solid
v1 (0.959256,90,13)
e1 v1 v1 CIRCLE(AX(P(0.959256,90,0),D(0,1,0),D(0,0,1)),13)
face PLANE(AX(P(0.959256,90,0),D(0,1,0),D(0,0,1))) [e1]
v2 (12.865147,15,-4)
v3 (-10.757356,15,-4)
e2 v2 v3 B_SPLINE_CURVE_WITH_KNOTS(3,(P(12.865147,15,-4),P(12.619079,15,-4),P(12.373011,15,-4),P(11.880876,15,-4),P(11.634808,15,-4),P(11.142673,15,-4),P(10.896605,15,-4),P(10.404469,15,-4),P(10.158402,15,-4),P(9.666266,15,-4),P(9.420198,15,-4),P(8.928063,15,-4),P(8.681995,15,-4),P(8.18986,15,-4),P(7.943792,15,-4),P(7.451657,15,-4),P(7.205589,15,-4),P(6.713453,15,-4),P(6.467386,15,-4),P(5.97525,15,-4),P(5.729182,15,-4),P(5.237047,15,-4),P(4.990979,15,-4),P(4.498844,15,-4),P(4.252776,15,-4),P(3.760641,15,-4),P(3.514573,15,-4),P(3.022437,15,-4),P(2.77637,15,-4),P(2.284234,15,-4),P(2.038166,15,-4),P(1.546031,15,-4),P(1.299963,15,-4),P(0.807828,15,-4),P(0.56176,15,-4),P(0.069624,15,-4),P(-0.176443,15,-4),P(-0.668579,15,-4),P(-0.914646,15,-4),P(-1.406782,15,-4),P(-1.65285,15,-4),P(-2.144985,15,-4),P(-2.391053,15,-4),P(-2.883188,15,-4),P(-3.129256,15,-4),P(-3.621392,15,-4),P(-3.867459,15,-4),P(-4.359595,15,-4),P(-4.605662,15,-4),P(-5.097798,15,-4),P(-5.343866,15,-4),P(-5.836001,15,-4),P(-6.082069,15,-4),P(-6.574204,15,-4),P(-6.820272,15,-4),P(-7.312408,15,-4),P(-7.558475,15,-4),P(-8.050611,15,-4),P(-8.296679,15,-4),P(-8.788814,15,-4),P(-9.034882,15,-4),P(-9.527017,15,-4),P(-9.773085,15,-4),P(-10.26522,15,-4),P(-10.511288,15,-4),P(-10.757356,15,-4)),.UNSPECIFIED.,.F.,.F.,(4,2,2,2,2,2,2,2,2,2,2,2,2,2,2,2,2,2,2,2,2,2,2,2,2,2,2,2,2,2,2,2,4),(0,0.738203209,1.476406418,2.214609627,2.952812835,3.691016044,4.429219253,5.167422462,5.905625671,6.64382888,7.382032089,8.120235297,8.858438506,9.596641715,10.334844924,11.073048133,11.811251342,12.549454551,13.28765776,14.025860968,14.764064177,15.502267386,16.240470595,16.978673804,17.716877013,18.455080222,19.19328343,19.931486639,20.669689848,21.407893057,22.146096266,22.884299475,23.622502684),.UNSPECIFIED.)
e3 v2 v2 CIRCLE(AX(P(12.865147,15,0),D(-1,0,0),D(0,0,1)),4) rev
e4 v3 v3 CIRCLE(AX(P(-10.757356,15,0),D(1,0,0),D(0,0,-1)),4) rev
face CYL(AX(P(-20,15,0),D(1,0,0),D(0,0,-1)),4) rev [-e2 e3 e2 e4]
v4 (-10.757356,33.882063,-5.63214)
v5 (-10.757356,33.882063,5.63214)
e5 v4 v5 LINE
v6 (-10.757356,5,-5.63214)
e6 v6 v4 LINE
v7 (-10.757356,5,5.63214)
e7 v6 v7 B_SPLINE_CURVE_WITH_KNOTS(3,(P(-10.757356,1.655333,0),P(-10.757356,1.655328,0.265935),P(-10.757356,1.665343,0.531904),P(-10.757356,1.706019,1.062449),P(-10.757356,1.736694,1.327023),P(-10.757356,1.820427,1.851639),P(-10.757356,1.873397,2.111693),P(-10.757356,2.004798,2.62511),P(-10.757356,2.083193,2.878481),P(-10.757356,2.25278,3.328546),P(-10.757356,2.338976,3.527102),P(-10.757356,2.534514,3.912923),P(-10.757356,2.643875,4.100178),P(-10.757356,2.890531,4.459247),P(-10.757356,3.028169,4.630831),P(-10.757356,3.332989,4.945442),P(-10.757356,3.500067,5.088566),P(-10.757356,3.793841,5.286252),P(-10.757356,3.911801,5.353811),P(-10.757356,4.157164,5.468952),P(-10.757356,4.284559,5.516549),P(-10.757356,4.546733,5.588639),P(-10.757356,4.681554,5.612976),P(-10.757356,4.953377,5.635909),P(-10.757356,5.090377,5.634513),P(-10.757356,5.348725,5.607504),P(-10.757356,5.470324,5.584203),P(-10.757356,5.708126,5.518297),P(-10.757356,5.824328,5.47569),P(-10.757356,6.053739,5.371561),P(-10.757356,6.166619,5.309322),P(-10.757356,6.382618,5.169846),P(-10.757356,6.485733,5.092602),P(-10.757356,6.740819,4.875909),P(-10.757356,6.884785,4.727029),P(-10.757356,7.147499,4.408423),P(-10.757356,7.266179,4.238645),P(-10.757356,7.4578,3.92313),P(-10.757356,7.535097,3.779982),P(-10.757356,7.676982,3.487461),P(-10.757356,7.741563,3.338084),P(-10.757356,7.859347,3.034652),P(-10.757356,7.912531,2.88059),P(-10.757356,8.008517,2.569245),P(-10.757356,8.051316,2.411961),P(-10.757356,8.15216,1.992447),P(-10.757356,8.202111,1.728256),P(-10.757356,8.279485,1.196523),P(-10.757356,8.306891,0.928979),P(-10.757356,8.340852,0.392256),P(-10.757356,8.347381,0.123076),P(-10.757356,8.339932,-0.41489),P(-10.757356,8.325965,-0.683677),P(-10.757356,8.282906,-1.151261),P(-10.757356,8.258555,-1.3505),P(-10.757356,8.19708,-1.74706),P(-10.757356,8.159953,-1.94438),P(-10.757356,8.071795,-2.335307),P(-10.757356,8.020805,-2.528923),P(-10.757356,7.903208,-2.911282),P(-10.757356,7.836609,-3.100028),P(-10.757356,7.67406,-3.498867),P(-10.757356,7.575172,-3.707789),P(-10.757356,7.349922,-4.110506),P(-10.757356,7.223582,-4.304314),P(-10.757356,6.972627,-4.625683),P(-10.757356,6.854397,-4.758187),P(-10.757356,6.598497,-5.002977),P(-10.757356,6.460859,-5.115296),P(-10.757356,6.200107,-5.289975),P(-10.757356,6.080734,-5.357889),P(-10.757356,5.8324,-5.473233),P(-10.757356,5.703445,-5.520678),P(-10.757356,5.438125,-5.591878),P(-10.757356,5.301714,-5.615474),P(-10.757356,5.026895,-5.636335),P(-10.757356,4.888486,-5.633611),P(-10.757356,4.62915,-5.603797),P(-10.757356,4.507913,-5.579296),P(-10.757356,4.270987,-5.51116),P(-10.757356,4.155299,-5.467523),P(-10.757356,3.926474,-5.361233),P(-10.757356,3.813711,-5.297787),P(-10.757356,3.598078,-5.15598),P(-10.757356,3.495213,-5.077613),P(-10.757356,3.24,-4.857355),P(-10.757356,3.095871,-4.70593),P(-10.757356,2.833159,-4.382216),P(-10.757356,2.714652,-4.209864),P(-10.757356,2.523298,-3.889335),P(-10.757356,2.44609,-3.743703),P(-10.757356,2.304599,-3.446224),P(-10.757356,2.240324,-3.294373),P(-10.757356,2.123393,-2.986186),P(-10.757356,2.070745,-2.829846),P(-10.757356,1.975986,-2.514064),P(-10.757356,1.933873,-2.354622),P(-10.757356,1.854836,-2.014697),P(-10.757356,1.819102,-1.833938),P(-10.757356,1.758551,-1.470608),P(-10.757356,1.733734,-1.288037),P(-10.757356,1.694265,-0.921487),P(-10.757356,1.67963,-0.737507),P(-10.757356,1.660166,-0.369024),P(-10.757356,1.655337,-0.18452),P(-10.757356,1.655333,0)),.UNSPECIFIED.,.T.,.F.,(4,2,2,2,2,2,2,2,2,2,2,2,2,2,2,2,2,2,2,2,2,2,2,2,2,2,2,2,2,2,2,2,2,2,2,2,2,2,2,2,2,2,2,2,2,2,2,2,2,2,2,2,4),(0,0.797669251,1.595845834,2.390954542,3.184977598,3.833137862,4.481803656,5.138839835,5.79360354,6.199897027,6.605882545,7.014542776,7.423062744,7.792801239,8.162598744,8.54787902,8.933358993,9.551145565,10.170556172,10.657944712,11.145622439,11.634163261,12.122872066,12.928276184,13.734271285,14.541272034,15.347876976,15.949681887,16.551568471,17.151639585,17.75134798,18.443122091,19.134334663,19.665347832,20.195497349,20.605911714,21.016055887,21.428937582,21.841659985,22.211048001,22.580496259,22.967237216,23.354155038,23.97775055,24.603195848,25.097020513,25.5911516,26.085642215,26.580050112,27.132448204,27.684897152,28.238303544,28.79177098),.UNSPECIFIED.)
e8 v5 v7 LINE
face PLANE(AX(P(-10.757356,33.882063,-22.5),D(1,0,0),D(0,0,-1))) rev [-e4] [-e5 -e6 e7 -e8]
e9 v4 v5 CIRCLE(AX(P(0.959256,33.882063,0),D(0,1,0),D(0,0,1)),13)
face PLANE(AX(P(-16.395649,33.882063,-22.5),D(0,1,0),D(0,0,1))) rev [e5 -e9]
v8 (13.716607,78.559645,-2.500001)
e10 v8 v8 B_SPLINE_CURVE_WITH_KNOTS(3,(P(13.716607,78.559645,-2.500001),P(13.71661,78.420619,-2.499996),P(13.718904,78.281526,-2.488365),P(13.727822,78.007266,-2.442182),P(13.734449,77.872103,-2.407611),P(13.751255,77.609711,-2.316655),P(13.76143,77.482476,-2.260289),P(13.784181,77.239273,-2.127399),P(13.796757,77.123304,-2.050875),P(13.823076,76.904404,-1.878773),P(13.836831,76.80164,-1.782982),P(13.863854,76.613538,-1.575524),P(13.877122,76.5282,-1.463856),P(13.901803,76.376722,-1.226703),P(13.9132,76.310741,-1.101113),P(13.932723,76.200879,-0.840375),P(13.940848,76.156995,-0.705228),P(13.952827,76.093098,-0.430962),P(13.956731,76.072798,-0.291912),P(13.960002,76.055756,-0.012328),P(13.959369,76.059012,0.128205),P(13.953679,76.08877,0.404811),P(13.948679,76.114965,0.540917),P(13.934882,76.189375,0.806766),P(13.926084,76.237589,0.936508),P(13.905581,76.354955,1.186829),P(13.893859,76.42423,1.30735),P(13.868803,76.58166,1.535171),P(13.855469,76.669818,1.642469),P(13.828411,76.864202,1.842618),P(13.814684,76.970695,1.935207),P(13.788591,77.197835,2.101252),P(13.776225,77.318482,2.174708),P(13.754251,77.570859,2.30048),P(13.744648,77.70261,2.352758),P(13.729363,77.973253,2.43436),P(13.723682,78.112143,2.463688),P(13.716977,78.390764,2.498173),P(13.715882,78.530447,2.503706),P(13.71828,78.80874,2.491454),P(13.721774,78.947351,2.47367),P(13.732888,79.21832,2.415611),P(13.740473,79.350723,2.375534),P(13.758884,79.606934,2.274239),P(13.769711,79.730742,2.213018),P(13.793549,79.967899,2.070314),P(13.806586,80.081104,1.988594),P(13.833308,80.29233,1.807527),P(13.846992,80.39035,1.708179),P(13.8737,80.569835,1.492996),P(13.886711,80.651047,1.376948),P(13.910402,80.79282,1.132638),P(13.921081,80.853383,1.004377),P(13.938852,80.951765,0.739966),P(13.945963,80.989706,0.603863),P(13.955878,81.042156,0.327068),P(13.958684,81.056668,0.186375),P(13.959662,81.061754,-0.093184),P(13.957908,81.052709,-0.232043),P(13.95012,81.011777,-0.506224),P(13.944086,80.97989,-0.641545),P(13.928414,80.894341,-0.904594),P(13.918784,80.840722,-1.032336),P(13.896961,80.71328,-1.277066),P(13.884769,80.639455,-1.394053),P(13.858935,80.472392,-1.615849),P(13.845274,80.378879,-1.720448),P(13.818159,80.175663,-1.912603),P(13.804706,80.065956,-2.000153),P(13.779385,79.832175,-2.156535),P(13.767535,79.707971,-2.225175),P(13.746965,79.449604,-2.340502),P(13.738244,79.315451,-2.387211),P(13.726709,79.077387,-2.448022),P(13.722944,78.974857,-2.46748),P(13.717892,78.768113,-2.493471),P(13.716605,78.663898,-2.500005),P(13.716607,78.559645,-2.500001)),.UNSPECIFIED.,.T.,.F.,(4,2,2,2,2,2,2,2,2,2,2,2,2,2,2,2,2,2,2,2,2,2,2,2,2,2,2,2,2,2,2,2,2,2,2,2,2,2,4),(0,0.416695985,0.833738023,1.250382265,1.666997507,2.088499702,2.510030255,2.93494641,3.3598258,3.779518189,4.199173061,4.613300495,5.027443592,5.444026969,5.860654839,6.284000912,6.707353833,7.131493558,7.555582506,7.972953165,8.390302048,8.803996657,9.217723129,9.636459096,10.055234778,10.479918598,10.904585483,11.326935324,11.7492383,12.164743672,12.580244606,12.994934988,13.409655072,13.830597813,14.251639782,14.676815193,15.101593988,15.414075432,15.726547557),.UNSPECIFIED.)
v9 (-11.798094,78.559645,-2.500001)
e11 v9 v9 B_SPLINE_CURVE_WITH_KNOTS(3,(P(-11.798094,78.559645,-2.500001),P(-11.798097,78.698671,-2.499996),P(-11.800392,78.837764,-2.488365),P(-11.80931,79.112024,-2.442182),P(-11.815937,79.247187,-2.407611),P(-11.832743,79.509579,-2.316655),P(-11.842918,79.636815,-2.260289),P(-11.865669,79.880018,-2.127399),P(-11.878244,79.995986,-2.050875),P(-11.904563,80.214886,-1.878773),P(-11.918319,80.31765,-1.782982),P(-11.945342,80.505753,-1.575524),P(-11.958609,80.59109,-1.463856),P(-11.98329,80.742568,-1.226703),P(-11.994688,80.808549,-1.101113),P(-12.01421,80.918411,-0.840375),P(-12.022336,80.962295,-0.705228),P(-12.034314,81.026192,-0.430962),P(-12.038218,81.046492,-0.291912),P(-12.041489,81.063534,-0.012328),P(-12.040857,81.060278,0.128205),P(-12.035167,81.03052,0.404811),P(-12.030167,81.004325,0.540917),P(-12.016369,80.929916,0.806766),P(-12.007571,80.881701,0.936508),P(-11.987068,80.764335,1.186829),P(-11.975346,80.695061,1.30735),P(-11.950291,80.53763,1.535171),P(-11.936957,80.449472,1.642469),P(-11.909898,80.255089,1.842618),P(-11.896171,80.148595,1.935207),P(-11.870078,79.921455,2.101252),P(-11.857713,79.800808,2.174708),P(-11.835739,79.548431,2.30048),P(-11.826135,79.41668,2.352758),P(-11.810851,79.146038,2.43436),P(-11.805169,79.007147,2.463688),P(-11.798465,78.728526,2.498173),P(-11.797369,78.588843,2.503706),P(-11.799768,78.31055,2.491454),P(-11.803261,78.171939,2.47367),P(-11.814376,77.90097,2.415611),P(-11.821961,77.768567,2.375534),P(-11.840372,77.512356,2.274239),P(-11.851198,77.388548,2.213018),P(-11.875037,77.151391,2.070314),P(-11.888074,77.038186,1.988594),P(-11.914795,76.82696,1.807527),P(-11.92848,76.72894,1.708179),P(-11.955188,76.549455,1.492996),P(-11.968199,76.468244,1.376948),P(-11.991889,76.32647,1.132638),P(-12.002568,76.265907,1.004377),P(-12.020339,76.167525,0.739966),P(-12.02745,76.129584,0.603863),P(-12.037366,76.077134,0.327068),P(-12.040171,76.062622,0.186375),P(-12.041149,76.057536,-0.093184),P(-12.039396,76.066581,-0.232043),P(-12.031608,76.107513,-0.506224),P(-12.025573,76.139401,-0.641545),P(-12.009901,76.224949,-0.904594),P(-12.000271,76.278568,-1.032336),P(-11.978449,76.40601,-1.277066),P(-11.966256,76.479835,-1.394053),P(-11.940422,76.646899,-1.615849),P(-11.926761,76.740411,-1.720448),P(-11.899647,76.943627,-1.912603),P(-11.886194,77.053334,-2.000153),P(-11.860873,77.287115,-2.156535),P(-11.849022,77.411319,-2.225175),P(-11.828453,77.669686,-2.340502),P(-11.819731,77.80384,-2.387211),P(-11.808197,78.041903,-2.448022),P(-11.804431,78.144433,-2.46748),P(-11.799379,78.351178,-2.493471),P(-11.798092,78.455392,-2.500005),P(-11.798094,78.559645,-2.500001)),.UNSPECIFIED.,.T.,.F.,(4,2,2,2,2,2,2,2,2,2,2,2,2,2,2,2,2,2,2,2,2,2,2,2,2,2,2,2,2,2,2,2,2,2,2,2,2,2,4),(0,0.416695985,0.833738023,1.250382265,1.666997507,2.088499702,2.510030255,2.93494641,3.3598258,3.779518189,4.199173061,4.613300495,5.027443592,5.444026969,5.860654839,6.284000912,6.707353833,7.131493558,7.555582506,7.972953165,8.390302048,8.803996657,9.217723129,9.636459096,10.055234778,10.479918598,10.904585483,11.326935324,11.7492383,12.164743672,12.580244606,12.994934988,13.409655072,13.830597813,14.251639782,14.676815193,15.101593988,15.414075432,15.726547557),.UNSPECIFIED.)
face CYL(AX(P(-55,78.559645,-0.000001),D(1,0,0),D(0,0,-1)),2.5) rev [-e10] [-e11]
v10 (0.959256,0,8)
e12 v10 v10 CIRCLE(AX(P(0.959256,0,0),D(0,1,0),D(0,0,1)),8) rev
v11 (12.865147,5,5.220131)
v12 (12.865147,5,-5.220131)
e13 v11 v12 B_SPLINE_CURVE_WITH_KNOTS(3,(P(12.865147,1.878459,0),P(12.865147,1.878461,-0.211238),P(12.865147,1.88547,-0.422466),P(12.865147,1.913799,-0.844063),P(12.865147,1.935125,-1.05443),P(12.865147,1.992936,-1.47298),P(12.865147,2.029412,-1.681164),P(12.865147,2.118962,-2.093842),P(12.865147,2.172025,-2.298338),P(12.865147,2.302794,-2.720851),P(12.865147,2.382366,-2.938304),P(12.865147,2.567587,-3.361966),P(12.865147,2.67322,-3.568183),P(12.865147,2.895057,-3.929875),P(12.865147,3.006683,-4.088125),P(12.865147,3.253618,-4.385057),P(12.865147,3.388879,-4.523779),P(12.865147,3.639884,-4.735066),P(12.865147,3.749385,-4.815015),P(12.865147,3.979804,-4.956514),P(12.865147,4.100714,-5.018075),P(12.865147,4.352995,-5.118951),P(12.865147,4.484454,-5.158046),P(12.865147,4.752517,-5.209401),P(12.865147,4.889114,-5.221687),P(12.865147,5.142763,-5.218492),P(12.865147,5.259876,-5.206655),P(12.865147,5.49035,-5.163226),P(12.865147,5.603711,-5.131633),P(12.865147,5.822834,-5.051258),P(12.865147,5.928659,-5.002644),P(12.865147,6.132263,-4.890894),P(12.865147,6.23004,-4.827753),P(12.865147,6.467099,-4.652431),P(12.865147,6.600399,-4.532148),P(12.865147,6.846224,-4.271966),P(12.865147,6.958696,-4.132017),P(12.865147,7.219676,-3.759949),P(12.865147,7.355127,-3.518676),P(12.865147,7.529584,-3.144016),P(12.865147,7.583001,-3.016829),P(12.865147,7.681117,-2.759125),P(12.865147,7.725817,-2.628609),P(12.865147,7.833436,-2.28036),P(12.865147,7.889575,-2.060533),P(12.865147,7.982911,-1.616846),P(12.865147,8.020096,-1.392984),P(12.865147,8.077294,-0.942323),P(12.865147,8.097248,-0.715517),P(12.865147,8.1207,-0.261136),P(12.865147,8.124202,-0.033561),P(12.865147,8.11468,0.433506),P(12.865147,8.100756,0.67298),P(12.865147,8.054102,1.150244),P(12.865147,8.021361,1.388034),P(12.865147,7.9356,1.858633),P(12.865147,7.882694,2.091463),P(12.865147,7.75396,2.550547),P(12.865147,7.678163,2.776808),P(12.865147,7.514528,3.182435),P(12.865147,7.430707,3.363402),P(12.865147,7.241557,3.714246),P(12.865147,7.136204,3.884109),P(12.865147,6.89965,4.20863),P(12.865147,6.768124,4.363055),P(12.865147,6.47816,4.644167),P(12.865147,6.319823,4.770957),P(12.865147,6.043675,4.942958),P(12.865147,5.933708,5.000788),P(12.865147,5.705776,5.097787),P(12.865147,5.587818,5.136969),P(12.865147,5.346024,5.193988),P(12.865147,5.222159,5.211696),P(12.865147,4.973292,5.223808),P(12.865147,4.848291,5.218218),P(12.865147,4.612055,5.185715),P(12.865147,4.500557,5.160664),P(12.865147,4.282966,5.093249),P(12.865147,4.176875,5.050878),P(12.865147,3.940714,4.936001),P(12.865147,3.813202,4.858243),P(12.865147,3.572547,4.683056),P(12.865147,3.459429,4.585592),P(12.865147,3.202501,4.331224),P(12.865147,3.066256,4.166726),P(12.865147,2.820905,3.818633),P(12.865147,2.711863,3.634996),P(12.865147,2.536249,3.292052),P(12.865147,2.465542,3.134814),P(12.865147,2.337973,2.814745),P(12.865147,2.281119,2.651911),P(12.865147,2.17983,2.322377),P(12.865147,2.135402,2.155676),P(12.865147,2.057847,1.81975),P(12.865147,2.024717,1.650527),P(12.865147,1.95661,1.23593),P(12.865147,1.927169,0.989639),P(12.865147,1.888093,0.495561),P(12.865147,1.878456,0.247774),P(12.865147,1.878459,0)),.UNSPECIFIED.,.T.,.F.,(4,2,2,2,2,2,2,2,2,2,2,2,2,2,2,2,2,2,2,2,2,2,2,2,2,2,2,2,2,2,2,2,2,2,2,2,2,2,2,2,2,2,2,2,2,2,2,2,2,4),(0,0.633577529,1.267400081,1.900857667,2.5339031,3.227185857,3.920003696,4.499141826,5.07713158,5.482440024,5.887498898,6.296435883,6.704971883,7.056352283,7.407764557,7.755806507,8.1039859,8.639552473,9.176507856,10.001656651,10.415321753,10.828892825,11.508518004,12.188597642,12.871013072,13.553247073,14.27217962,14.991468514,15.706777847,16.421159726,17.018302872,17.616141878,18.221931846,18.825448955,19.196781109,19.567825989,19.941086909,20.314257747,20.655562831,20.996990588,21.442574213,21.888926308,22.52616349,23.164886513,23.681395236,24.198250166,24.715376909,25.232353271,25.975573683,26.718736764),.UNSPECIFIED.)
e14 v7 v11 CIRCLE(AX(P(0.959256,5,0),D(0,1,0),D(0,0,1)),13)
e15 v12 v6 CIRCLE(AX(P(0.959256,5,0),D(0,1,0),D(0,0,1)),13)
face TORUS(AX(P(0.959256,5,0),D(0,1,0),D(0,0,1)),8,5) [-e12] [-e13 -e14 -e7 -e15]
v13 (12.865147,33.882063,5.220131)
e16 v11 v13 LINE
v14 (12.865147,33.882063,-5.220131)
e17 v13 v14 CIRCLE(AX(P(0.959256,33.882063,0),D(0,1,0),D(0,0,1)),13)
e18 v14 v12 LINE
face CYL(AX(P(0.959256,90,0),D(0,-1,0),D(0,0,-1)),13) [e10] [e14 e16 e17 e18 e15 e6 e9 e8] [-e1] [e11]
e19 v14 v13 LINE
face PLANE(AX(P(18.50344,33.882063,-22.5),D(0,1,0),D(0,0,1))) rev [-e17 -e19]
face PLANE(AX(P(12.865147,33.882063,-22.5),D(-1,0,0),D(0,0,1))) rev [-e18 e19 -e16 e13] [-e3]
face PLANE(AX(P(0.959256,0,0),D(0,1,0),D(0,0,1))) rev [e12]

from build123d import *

# Parameters (mm, degrees)
SKETCH_1_R          = 13
EXTRUDE_1_DEPTH     = 90
FILLET_1_R          = 5
SKETCH_3_R          = 4
CUT_EXTRUDE_2_DEPTH = 20
SKETCH_4_W          = 5.638292822
SKETCH_4_H          = 34.801876381
CUT_EXTRUDE_3_DEPTH = 22.5
SKETCH_5_R          = 2.5
CUT_EXTRUDE_1_DEPTH = 55


with BuildPart() as part:
    # Эскиз1 → Вытянуть1 (new body)
    with BuildSketch(Plane(origin=(0, 0, 0), x_dir=(1, 0, 0), z_dir=(0, 1, 0))):
        with Locations(Location((0.959256222, 0, 0), (0, 0, 90))):
            Circle(SKETCH_1_R)
    extrude(amount=EXTRUDE_1_DEPTH)

    # Скругление1
    fillet_1_edges = [part.edges().sort_by_distance(p)[0] for p in [
        (0.959256222, 0, 13),
    ]]
    fillet(fillet_1_edges, radius=FILLET_1_R)

    # Эскиз3 → Вытянуть2 (cut, symmetric)
    with BuildSketch(Plane(origin=(0, 0, 0), x_dir=(0, 0, -1), z_dir=(1, 0, 0))):
        with Locations((0, 15)):
            Circle(SKETCH_3_R)
    extrude(amount=CUT_EXTRUDE_2_DEPTH, both=True, mode=Mode.SUBTRACT)

    # Эскиз4 → Вытянуть3 (cut, symmetric)
    with BuildSketch(Plane.XY):
        with Locations((-13.576502311, 16.48112444)):
            Rectangle(SKETCH_4_W, SKETCH_4_H)
        with Locations((15.684293194, 16.48112444)):
            Rectangle(SKETCH_4_W, SKETCH_4_H)
    extrude(amount=CUT_EXTRUDE_3_DEPTH, both=True, mode=Mode.SUBTRACT)

    # Эскиз5 → Вырез-Вытянуть1 (cut, symmetric)
    with BuildSketch(Plane(origin=(0, 0, 0), x_dir=(0, 0, -1), z_dir=(1, 0, 0))):
        with Locations((9.34e-07, 78.55964506)):
            Circle(SKETCH_5_R)
    extrude(amount=CUT_EXTRUDE_1_DEPTH, both=True, mode=Mode.SUBTRACT)


solid = part.part
